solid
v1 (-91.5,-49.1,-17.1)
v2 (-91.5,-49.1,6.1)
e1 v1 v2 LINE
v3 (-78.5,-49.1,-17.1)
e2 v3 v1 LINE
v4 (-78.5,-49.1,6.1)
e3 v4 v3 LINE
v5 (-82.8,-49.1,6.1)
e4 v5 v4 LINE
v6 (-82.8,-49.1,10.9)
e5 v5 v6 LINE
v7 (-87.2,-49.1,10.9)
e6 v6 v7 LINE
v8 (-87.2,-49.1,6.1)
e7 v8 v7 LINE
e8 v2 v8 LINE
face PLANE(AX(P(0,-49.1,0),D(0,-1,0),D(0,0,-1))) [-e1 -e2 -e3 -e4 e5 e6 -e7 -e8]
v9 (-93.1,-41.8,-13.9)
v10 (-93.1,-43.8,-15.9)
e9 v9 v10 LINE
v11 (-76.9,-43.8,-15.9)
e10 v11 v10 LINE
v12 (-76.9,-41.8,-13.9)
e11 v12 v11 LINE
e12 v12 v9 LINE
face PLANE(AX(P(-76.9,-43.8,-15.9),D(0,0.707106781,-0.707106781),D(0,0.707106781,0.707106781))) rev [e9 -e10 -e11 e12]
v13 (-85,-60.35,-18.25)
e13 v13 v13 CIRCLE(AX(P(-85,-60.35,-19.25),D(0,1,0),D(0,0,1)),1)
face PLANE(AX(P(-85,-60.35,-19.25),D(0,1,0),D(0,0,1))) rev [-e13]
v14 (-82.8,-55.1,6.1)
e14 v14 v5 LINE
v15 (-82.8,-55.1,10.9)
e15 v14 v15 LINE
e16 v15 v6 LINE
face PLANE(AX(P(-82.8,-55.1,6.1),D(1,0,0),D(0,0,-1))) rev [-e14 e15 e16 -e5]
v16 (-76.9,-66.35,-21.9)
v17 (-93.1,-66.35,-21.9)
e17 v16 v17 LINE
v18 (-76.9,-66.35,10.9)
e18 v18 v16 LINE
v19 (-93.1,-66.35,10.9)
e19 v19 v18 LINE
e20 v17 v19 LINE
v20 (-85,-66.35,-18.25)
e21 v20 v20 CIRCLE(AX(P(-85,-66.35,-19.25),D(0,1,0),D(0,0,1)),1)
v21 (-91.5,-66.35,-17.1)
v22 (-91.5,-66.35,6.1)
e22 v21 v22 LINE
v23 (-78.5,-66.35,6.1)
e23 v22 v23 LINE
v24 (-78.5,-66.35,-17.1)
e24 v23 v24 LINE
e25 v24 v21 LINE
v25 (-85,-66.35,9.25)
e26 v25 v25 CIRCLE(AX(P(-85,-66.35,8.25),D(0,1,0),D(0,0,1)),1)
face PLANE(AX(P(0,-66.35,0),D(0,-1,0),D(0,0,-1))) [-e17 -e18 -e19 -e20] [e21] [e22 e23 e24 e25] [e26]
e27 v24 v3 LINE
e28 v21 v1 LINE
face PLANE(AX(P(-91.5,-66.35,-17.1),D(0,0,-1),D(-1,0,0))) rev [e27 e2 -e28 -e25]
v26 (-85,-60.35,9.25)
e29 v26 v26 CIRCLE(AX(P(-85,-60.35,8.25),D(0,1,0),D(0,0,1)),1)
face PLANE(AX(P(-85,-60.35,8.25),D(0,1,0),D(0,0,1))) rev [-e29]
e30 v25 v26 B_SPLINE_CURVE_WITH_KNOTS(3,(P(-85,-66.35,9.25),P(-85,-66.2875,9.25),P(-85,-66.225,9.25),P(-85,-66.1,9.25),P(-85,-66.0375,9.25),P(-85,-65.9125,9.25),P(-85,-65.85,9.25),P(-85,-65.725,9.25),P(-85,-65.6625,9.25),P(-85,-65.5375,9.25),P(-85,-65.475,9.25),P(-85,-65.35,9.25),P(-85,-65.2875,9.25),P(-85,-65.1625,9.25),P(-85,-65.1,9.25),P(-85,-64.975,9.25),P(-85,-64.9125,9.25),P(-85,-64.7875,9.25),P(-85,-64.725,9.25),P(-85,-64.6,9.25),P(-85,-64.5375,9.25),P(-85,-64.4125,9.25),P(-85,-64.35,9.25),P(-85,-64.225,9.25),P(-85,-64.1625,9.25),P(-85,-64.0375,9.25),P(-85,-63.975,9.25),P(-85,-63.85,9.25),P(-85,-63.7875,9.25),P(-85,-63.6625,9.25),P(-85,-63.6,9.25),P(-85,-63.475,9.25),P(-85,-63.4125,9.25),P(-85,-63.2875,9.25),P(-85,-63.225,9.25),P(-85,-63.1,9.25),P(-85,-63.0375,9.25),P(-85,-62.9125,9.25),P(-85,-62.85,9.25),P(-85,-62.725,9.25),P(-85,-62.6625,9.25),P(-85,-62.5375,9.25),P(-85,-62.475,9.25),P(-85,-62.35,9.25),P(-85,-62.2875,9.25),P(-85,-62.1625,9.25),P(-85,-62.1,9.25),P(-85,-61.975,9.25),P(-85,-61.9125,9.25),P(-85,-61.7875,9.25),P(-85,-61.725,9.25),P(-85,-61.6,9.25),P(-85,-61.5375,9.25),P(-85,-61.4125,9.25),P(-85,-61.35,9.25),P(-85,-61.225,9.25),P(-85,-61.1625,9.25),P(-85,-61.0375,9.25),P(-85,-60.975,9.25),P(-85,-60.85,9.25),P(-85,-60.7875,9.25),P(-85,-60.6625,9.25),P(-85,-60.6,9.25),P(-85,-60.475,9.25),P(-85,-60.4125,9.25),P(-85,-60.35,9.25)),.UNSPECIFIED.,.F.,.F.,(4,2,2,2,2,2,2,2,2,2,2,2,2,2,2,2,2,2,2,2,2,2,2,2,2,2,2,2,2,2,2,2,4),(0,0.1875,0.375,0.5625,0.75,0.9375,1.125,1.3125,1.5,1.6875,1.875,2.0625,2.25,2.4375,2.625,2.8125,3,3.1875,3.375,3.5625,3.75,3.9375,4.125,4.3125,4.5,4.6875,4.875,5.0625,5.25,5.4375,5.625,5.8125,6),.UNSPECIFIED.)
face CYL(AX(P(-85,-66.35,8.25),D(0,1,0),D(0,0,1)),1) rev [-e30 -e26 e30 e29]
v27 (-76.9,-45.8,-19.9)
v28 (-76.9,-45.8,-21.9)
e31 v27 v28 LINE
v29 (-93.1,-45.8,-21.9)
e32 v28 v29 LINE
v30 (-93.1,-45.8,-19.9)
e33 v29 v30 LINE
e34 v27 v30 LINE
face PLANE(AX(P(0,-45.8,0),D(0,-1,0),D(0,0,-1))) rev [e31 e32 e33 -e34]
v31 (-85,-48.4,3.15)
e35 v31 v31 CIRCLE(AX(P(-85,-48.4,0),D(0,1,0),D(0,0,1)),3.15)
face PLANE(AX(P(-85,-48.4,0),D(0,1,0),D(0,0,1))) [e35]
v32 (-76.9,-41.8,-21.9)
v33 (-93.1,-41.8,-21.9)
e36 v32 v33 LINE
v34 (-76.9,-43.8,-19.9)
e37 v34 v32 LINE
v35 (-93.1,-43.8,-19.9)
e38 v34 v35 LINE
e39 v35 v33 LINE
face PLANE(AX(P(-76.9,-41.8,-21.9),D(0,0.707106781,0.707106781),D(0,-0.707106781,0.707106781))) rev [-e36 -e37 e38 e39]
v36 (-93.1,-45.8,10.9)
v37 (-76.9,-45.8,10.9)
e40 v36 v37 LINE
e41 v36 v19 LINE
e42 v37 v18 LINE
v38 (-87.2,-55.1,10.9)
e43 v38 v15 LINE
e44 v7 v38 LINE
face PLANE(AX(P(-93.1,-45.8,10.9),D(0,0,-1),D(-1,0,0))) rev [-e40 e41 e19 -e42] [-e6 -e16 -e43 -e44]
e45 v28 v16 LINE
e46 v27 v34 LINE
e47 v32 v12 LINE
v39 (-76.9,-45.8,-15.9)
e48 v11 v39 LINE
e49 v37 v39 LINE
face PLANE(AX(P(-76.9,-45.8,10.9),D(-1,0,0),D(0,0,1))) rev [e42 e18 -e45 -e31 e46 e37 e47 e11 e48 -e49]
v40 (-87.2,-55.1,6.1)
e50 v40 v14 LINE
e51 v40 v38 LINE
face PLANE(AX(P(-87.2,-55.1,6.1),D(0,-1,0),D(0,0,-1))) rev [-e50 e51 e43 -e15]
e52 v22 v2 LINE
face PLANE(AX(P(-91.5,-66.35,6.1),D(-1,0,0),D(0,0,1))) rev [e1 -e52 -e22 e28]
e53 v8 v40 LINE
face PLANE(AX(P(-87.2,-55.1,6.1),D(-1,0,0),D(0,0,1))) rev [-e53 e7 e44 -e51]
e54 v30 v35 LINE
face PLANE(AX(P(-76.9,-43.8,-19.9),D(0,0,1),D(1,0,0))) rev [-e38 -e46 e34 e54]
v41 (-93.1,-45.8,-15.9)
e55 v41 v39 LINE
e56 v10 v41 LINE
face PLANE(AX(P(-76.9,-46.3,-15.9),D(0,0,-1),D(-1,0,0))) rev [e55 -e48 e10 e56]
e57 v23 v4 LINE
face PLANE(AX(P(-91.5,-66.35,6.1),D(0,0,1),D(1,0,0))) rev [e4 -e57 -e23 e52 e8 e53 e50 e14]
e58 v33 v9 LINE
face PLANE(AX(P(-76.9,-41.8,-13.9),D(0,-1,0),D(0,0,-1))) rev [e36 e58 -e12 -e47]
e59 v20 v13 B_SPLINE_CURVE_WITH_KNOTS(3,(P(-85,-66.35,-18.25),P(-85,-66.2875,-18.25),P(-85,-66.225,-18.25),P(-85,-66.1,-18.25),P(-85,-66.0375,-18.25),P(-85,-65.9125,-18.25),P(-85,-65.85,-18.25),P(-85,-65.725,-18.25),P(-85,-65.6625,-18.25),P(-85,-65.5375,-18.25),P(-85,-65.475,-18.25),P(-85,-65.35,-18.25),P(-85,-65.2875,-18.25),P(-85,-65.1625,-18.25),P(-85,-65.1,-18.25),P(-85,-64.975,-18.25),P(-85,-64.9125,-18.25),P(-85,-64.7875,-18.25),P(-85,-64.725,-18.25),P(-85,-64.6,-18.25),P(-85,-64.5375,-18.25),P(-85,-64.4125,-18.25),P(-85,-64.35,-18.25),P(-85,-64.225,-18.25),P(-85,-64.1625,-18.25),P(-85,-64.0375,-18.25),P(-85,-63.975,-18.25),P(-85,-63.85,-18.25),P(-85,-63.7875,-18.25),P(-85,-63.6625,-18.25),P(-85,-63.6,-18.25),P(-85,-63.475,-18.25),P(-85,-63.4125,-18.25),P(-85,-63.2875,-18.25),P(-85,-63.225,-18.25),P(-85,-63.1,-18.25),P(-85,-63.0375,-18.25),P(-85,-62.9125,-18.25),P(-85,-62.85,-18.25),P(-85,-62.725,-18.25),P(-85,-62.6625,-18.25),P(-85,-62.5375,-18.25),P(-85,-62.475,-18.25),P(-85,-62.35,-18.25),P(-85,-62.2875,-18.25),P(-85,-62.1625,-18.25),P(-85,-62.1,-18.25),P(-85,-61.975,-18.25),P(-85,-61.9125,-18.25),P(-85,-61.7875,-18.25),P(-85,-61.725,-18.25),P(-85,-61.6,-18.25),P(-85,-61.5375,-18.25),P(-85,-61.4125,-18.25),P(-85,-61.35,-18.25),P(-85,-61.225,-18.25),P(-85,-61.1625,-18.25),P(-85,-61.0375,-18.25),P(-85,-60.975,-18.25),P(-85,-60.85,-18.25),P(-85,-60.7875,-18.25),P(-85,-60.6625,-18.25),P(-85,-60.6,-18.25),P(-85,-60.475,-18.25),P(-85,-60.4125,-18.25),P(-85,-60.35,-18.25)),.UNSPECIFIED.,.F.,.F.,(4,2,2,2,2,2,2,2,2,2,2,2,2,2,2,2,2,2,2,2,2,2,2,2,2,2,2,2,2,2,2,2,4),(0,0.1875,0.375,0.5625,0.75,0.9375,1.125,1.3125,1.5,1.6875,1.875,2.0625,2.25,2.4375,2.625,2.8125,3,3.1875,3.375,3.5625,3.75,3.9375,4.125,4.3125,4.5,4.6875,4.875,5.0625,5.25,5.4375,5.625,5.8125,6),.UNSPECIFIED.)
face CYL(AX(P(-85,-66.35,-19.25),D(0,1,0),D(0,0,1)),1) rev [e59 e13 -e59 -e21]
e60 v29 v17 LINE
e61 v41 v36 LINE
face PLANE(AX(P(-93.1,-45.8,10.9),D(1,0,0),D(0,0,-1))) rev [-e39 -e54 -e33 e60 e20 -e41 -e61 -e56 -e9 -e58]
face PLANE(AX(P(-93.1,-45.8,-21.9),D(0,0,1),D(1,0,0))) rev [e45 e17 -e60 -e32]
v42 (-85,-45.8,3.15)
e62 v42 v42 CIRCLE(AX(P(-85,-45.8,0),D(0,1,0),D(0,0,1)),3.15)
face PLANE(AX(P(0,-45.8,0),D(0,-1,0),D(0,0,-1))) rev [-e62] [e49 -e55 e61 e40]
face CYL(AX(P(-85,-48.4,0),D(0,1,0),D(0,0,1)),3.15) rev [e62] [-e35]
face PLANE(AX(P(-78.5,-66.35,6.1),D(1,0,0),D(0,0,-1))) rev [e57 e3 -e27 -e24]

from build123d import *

# Parameters (mm, degrees)
BOSS_EXTRUDE1_START = -56.075
SKETCH1_W           = 16.2
SKETCH1_H           = 32.8
BOSS_EXTRUDE1_DEPTH = 10.275
BOSS_EXTRUDE2_START = -85
BOSS_EXTRUDE2_DEPTH = 8.1
CUT_EXTRUDE1_START  = -57.725
SKETCH3_W           = 13
SKETCH3_H           = 23.2
CUT_EXTRUDE1_DEPTH  = 8.625
CUT_EXTRUDE2_START  = -63.35
SKETCH4_R           = 1
CUT_EXTRUDE2_DEPTH  = 3
CUT_EXTRUDE3_START  = -63.35
SKETCH5_R           = 1
CUT_EXTRUDE3_DEPTH  = 3
CUT_EXTRUDE4_START  = -47.1
SKETCH6_R           = 3.15
CUT_EXTRUDE4_DEPTH  = 1.3
CUT_EXTRUDE5_START  = 8.5
SKETCH7_W           = 4.4
SKETCH7_H           = 6
CUT_EXTRUDE5_DEPTH  = 2.4


with BuildPart() as part:
    # Sketch1 → Boss-Extrude1 (new, symmetric)
    with BuildSketch(Plane(origin=(0, 0, 0), x_dir=(1, 0, 0), z_dir=(0, 1, 0)).offset(BOSS_EXTRUDE1_START)):
        with Locations((-85, 5.5)):
            Rectangle(SKETCH1_W, SKETCH1_H)
    extrude(amount=BOSS_EXTRUDE1_DEPTH, both=True)

    # Sketch2 → Boss-Extrude2 (add, symmetric)
    with BuildSketch(Plane(origin=(0, 0, 0), x_dir=(0, 0, -1), z_dir=(1, 0, 0)).offset(BOSS_EXTRUDE2_START)):
        Polygon((19.9, -46.3), (15.9, -46.3), (15.9, -43.8), (13.9, -41.8), (21.9, -41.8), (19.9, -43.8), align=None)
    extrude(amount=BOSS_EXTRUDE2_DEPTH, both=True)

    # Sketch3 → Cut-Extrude1 (cut, symmetric)
    with BuildSketch(Plane(origin=(0, 0, 0), x_dir=(1, 0, 0), z_dir=(0, 1, 0)).offset(CUT_EXTRUDE1_START)):
        with Locations((-85, 5.5)):
            Rectangle(SKETCH3_W, SKETCH3_H)
    extrude(amount=CUT_EXTRUDE1_DEPTH, both=True, mode=Mode.SUBTRACT)

    # Sketch4 → Cut-Extrude2 (cut, symmetric)
    with BuildSketch(Plane(origin=(0, 0, 0), x_dir=(1, 0, 0), z_dir=(0, 1, 0)).offset(CUT_EXTRUDE2_START)):
        with Locations(Location((-85, 19.25, 0), (0, 0, 270))):
            Circle(SKETCH4_R)
    extrude(amount=CUT_EXTRUDE2_DEPTH, both=True, mode=Mode.SUBTRACT)

    # Sketch5 → Cut-Extrude3 (cut, symmetric)
    with BuildSketch(Plane(origin=(0, 0, 0), x_dir=(1, 0, 0), z_dir=(0, 1, 0)).offset(CUT_EXTRUDE3_START)):
        with Locations(Location((-85, -8.25, 0), (0, 0, 270))):
            Circle(SKETCH5_R)
    extrude(amount=CUT_EXTRUDE3_DEPTH, both=True, mode=Mode.SUBTRACT)

    # Sketch6 → Cut-Extrude4 (cut, symmetric)
    with BuildSketch(Plane(origin=(0, 0, 0), x_dir=(1, 0, 0), z_dir=(0, 1, 0)).offset(CUT_EXTRUDE4_START)):
        with Locations(Location((-85, 0, 0), (0, 0, 270))):
            Circle(SKETCH6_R)
    extrude(amount=CUT_EXTRUDE4_DEPTH, both=True, mode=Mode.SUBTRACT)

    # Sketch7 → Cut-Extrude5 (cut, symmetric)
    with BuildSketch(Plane.XY.offset(CUT_EXTRUDE5_START)):
        with Locations((-85, -52.1)):
            Rectangle(SKETCH7_W, SKETCH7_H)
    extrude(amount=CUT_EXTRUDE5_DEPTH, both=True, mode=Mode.SUBTRACT)


solid = part.part
